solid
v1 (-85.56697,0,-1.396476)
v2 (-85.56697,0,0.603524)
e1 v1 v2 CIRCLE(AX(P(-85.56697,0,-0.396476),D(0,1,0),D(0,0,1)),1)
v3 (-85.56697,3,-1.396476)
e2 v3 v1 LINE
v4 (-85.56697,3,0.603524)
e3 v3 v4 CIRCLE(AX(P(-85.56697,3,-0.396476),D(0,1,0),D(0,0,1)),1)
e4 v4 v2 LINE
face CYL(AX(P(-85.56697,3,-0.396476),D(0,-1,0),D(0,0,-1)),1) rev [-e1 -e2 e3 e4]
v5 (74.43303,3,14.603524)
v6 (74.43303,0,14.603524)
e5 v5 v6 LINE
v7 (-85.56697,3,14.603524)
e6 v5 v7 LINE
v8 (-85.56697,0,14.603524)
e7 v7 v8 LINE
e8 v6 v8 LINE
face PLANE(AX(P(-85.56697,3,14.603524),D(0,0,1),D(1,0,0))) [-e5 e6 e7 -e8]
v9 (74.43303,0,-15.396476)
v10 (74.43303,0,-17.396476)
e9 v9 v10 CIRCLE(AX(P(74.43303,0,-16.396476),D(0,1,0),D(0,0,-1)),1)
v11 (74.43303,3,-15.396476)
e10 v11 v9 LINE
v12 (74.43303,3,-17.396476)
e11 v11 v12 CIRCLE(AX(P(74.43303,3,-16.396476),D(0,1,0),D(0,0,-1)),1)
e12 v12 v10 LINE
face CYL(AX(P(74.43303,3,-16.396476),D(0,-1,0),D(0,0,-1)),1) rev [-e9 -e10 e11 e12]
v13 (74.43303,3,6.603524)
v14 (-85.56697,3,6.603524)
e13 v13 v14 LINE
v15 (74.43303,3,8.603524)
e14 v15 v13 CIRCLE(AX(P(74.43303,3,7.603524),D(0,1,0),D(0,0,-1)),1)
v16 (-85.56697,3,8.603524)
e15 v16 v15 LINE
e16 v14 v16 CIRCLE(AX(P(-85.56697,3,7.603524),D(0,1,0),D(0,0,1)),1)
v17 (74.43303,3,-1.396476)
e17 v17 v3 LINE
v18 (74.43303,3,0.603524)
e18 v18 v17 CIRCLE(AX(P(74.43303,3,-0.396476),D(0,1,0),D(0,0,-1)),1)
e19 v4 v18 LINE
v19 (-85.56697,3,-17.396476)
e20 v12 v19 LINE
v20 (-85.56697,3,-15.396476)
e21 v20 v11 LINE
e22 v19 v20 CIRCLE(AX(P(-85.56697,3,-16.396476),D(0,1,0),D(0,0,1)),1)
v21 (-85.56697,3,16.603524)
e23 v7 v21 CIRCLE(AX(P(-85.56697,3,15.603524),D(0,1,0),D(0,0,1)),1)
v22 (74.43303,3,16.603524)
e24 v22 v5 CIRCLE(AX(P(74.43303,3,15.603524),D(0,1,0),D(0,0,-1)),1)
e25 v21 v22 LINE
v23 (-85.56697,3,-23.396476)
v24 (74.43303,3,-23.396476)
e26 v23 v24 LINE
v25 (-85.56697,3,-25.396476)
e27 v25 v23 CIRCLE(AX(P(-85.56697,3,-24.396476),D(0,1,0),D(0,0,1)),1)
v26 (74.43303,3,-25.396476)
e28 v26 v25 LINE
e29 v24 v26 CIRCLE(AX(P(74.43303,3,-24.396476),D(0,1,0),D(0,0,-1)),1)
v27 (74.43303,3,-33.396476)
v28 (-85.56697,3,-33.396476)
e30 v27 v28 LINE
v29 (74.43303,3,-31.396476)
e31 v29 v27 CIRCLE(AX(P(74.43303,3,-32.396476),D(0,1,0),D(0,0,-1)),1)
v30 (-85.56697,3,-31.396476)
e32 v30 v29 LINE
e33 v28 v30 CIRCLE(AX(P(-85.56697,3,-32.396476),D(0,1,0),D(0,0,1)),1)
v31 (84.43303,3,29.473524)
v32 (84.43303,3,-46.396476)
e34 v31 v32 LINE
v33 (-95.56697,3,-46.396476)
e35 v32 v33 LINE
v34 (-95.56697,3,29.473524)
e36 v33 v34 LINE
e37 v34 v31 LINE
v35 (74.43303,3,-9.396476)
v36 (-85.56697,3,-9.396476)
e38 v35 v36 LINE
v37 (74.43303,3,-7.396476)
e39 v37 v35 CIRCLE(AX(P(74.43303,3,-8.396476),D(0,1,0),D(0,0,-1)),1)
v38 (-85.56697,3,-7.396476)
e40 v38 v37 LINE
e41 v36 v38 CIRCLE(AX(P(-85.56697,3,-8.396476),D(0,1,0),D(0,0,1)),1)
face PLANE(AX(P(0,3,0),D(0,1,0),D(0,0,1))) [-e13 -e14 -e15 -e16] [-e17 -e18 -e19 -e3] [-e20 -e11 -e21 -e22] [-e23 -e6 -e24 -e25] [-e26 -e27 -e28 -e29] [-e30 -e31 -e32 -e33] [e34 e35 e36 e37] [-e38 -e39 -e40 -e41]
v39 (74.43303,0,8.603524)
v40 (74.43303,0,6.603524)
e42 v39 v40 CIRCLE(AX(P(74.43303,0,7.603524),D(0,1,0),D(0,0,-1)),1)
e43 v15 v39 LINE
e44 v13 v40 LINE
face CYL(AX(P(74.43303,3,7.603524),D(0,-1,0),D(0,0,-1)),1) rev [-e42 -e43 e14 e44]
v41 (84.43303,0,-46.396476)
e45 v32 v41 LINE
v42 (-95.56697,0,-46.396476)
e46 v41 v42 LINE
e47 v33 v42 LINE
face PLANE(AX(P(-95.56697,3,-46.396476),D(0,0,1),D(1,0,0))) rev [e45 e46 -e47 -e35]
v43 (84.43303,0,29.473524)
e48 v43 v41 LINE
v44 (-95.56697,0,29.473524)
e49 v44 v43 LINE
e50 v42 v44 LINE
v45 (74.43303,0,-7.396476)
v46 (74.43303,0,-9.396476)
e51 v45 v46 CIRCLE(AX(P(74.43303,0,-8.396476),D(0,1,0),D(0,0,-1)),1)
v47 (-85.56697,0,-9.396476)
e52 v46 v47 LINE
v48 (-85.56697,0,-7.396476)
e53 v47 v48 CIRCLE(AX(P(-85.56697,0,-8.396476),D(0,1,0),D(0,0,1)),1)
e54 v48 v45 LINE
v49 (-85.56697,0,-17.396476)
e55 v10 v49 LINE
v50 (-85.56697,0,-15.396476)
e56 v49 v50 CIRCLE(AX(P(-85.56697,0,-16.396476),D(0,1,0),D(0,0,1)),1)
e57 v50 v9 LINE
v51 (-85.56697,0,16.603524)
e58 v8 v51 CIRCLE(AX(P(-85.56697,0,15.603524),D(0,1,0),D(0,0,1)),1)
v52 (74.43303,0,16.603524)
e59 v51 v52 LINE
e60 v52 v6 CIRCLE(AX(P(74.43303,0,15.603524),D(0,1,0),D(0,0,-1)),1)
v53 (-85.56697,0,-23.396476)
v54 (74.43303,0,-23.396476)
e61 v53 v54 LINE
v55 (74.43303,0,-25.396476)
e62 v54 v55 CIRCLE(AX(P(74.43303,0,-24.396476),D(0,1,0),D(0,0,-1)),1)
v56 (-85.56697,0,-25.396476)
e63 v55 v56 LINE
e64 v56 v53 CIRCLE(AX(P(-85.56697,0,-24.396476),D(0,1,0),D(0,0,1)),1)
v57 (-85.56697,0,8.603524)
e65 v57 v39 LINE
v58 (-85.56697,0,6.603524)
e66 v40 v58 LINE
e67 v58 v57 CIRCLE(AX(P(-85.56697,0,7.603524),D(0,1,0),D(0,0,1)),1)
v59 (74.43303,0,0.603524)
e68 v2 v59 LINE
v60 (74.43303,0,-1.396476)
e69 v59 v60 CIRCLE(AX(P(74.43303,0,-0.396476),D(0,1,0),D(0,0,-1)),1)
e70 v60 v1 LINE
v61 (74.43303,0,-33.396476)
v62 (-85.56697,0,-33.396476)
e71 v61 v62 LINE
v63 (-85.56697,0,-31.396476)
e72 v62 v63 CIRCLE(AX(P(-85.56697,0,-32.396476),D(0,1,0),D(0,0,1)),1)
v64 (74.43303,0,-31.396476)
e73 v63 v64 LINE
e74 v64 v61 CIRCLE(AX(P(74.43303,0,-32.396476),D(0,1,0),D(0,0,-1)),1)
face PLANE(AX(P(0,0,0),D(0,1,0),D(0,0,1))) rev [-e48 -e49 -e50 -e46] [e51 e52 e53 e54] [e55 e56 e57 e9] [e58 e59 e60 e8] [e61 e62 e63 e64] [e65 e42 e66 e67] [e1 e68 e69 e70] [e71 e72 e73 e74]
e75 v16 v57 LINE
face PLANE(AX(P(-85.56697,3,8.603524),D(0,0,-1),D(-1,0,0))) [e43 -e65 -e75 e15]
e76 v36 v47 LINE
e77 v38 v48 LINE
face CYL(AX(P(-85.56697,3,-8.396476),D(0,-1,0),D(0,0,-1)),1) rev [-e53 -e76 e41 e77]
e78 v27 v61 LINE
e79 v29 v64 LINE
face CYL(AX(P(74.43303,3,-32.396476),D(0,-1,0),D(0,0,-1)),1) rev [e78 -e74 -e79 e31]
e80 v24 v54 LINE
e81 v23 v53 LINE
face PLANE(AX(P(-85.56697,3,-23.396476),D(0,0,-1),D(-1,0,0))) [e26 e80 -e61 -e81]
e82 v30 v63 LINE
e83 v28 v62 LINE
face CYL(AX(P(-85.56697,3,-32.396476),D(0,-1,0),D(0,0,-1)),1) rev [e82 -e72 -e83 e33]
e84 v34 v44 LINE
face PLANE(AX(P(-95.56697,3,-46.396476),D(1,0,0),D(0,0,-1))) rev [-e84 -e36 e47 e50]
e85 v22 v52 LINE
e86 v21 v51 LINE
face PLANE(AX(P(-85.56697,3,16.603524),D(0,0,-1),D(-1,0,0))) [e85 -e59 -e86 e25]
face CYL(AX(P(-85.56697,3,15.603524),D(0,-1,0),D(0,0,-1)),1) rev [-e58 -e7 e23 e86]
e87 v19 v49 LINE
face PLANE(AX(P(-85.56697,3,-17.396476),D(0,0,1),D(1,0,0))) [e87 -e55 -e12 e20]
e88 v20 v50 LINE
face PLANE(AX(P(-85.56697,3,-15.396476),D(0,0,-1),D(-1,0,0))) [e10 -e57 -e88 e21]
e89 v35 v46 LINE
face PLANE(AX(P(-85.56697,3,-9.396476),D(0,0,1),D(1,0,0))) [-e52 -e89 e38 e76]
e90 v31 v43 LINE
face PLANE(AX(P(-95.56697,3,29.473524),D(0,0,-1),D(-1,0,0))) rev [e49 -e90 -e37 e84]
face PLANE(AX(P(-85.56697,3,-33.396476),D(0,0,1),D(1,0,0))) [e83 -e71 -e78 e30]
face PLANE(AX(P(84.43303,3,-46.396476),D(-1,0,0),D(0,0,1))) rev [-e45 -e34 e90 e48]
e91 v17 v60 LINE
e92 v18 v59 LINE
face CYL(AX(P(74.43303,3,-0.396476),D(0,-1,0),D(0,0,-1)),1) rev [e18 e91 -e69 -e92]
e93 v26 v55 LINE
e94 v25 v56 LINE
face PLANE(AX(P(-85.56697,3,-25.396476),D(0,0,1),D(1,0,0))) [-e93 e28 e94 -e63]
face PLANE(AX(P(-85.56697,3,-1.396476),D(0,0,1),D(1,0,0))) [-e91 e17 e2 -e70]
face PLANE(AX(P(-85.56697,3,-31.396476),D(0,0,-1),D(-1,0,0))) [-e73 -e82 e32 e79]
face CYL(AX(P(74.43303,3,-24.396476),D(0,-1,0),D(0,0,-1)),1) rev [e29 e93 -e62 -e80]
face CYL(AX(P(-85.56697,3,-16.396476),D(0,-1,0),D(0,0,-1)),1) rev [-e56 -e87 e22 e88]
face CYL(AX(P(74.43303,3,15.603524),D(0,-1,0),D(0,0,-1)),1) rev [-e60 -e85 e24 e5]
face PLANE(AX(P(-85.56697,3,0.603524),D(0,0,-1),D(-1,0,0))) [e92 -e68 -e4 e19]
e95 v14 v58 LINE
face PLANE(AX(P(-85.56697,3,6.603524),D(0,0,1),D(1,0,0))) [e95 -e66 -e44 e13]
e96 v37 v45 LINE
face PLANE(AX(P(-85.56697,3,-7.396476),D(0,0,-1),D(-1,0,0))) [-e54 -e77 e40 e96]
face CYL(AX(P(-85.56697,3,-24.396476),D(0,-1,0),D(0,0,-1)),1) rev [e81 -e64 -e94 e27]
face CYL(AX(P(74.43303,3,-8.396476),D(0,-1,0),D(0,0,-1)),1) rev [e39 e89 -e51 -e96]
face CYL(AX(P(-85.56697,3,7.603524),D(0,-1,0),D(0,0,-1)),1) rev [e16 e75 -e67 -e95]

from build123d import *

# Parameters (mm, degrees)
SKETCH1_W           = 180
SKETCH1_H           = 75.87
BOSS_EXTRUDE1_DEPTH = 3


with BuildPart() as part:
    # Sketch1 → Boss-Extrude1 (new body)
    with BuildSketch(Plane(origin=(0, 0, 0), x_dir=(1, 0, 0), z_dir=(0, 1, 0))):
        with Locations((-5.566969943, 8.461475771)):
            Rectangle(SKETCH1_W, SKETCH1_H)
        with BuildLine():
            Line((-85.566969943, 25.396475771), (74.433030057, 25.396475771))
            ThreePointArc((74.433030057, 25.396475771), (75.433030057, 24.396475771), (74.433030057, 23.396475771))
            Line((74.433030057, 23.396475771), (-85.566969943, 23.396475771))
            ThreePointArc((-85.566969943, 23.396475771), (-86.566969943, 24.396475771), (-85.566969943, 25.396475771))
        make_face(mode=Mode.SUBTRACT)
        with BuildLine():
            Line((-85.566969943, 33.396475771), (74.433030057, 33.396475771))
            ThreePointArc((74.433030057, 33.396475771), (75.433030057, 32.396475771), (74.433030057, 31.396475771))
            Line((74.433030057, 31.396475771), (-85.566969943, 31.396475771))
            ThreePointArc((-85.566969943, 31.396475771), (-86.566969943, 32.396475771), (-85.566969943, 33.396475771))
        make_face(mode=Mode.SUBTRACT)
        with BuildLine():
            Line((-85.566969943, 17.396475771), (74.433030057, 17.396475771))
            ThreePointArc((74.433030057, 17.396475771), (75.433030057, 16.396475771), (74.433030057, 15.396475771))
            Line((74.433030057, 15.396475771), (-85.566969943, 15.396475771))
            ThreePointArc((-85.566969943, 15.396475771), (-86.566969943, 16.396475771), (-85.566969943, 17.396475771))
        make_face(mode=Mode.SUBTRACT)
        with BuildLine():
            Line((-85.566969943, 9.396475771), (74.433030057, 9.396475771))
            ThreePointArc((74.433030057, 9.396475771), (75.433030057, 8.396475771), (74.433030057, 7.396475771))
            Line((74.433030057, 7.396475771), (-85.566969943, 7.396475771))
            ThreePointArc((-85.566969943, 7.396475771), (-86.566969943, 8.396475771), (-85.566969943, 9.396475771))
        make_face(mode=Mode.SUBTRACT)
        with BuildLine():
            Line((-85.566969943, 1.396475771), (74.433030057, 1.396475771))
            ThreePointArc((74.433030057, 1.396475771), (75.433030057, 0.396475771), (74.433030057, -0.603524229))
            Line((74.433030057, -0.603524229), (-85.566969943, -0.603524229))
            ThreePointArc((-85.566969943, -0.603524229), (-86.566969943, 0.396475771), (-85.566969943, 1.396475771))
        make_face(mode=Mode.SUBTRACT)
        with BuildLine():
            Line((-85.566969943, -6.603524229), (74.433030057, -6.603524229))
            ThreePointArc((74.433030057, -6.603524229), (75.433030057, -7.603524229), (74.433030057, -8.603524229))
            Line((74.433030057, -8.603524229), (-85.566969943, -8.603524229))
            ThreePointArc((-85.566969943, -8.603524229), (-86.566969943, -7.603524229), (-85.566969943, -6.603524229))
        make_face(mode=Mode.SUBTRACT)
        with BuildLine():
            Line((-85.566969943, -14.603524229), (74.433030057, -14.603524229))
            ThreePointArc((74.433030057, -14.603524229), (75.433030057, -15.603524229), (74.433030057, -16.603524229))
            Line((74.433030057, -16.603524229), (-85.566969943, -16.603524229))
            ThreePointArc((-85.566969943, -16.603524229), (-86.566969943, -15.603524229), (-85.566969943, -14.603524229))
        make_face(mode=Mode.SUBTRACT)
    extrude(amount=BOSS_EXTRUDE1_DEPTH)


solid = part.part
